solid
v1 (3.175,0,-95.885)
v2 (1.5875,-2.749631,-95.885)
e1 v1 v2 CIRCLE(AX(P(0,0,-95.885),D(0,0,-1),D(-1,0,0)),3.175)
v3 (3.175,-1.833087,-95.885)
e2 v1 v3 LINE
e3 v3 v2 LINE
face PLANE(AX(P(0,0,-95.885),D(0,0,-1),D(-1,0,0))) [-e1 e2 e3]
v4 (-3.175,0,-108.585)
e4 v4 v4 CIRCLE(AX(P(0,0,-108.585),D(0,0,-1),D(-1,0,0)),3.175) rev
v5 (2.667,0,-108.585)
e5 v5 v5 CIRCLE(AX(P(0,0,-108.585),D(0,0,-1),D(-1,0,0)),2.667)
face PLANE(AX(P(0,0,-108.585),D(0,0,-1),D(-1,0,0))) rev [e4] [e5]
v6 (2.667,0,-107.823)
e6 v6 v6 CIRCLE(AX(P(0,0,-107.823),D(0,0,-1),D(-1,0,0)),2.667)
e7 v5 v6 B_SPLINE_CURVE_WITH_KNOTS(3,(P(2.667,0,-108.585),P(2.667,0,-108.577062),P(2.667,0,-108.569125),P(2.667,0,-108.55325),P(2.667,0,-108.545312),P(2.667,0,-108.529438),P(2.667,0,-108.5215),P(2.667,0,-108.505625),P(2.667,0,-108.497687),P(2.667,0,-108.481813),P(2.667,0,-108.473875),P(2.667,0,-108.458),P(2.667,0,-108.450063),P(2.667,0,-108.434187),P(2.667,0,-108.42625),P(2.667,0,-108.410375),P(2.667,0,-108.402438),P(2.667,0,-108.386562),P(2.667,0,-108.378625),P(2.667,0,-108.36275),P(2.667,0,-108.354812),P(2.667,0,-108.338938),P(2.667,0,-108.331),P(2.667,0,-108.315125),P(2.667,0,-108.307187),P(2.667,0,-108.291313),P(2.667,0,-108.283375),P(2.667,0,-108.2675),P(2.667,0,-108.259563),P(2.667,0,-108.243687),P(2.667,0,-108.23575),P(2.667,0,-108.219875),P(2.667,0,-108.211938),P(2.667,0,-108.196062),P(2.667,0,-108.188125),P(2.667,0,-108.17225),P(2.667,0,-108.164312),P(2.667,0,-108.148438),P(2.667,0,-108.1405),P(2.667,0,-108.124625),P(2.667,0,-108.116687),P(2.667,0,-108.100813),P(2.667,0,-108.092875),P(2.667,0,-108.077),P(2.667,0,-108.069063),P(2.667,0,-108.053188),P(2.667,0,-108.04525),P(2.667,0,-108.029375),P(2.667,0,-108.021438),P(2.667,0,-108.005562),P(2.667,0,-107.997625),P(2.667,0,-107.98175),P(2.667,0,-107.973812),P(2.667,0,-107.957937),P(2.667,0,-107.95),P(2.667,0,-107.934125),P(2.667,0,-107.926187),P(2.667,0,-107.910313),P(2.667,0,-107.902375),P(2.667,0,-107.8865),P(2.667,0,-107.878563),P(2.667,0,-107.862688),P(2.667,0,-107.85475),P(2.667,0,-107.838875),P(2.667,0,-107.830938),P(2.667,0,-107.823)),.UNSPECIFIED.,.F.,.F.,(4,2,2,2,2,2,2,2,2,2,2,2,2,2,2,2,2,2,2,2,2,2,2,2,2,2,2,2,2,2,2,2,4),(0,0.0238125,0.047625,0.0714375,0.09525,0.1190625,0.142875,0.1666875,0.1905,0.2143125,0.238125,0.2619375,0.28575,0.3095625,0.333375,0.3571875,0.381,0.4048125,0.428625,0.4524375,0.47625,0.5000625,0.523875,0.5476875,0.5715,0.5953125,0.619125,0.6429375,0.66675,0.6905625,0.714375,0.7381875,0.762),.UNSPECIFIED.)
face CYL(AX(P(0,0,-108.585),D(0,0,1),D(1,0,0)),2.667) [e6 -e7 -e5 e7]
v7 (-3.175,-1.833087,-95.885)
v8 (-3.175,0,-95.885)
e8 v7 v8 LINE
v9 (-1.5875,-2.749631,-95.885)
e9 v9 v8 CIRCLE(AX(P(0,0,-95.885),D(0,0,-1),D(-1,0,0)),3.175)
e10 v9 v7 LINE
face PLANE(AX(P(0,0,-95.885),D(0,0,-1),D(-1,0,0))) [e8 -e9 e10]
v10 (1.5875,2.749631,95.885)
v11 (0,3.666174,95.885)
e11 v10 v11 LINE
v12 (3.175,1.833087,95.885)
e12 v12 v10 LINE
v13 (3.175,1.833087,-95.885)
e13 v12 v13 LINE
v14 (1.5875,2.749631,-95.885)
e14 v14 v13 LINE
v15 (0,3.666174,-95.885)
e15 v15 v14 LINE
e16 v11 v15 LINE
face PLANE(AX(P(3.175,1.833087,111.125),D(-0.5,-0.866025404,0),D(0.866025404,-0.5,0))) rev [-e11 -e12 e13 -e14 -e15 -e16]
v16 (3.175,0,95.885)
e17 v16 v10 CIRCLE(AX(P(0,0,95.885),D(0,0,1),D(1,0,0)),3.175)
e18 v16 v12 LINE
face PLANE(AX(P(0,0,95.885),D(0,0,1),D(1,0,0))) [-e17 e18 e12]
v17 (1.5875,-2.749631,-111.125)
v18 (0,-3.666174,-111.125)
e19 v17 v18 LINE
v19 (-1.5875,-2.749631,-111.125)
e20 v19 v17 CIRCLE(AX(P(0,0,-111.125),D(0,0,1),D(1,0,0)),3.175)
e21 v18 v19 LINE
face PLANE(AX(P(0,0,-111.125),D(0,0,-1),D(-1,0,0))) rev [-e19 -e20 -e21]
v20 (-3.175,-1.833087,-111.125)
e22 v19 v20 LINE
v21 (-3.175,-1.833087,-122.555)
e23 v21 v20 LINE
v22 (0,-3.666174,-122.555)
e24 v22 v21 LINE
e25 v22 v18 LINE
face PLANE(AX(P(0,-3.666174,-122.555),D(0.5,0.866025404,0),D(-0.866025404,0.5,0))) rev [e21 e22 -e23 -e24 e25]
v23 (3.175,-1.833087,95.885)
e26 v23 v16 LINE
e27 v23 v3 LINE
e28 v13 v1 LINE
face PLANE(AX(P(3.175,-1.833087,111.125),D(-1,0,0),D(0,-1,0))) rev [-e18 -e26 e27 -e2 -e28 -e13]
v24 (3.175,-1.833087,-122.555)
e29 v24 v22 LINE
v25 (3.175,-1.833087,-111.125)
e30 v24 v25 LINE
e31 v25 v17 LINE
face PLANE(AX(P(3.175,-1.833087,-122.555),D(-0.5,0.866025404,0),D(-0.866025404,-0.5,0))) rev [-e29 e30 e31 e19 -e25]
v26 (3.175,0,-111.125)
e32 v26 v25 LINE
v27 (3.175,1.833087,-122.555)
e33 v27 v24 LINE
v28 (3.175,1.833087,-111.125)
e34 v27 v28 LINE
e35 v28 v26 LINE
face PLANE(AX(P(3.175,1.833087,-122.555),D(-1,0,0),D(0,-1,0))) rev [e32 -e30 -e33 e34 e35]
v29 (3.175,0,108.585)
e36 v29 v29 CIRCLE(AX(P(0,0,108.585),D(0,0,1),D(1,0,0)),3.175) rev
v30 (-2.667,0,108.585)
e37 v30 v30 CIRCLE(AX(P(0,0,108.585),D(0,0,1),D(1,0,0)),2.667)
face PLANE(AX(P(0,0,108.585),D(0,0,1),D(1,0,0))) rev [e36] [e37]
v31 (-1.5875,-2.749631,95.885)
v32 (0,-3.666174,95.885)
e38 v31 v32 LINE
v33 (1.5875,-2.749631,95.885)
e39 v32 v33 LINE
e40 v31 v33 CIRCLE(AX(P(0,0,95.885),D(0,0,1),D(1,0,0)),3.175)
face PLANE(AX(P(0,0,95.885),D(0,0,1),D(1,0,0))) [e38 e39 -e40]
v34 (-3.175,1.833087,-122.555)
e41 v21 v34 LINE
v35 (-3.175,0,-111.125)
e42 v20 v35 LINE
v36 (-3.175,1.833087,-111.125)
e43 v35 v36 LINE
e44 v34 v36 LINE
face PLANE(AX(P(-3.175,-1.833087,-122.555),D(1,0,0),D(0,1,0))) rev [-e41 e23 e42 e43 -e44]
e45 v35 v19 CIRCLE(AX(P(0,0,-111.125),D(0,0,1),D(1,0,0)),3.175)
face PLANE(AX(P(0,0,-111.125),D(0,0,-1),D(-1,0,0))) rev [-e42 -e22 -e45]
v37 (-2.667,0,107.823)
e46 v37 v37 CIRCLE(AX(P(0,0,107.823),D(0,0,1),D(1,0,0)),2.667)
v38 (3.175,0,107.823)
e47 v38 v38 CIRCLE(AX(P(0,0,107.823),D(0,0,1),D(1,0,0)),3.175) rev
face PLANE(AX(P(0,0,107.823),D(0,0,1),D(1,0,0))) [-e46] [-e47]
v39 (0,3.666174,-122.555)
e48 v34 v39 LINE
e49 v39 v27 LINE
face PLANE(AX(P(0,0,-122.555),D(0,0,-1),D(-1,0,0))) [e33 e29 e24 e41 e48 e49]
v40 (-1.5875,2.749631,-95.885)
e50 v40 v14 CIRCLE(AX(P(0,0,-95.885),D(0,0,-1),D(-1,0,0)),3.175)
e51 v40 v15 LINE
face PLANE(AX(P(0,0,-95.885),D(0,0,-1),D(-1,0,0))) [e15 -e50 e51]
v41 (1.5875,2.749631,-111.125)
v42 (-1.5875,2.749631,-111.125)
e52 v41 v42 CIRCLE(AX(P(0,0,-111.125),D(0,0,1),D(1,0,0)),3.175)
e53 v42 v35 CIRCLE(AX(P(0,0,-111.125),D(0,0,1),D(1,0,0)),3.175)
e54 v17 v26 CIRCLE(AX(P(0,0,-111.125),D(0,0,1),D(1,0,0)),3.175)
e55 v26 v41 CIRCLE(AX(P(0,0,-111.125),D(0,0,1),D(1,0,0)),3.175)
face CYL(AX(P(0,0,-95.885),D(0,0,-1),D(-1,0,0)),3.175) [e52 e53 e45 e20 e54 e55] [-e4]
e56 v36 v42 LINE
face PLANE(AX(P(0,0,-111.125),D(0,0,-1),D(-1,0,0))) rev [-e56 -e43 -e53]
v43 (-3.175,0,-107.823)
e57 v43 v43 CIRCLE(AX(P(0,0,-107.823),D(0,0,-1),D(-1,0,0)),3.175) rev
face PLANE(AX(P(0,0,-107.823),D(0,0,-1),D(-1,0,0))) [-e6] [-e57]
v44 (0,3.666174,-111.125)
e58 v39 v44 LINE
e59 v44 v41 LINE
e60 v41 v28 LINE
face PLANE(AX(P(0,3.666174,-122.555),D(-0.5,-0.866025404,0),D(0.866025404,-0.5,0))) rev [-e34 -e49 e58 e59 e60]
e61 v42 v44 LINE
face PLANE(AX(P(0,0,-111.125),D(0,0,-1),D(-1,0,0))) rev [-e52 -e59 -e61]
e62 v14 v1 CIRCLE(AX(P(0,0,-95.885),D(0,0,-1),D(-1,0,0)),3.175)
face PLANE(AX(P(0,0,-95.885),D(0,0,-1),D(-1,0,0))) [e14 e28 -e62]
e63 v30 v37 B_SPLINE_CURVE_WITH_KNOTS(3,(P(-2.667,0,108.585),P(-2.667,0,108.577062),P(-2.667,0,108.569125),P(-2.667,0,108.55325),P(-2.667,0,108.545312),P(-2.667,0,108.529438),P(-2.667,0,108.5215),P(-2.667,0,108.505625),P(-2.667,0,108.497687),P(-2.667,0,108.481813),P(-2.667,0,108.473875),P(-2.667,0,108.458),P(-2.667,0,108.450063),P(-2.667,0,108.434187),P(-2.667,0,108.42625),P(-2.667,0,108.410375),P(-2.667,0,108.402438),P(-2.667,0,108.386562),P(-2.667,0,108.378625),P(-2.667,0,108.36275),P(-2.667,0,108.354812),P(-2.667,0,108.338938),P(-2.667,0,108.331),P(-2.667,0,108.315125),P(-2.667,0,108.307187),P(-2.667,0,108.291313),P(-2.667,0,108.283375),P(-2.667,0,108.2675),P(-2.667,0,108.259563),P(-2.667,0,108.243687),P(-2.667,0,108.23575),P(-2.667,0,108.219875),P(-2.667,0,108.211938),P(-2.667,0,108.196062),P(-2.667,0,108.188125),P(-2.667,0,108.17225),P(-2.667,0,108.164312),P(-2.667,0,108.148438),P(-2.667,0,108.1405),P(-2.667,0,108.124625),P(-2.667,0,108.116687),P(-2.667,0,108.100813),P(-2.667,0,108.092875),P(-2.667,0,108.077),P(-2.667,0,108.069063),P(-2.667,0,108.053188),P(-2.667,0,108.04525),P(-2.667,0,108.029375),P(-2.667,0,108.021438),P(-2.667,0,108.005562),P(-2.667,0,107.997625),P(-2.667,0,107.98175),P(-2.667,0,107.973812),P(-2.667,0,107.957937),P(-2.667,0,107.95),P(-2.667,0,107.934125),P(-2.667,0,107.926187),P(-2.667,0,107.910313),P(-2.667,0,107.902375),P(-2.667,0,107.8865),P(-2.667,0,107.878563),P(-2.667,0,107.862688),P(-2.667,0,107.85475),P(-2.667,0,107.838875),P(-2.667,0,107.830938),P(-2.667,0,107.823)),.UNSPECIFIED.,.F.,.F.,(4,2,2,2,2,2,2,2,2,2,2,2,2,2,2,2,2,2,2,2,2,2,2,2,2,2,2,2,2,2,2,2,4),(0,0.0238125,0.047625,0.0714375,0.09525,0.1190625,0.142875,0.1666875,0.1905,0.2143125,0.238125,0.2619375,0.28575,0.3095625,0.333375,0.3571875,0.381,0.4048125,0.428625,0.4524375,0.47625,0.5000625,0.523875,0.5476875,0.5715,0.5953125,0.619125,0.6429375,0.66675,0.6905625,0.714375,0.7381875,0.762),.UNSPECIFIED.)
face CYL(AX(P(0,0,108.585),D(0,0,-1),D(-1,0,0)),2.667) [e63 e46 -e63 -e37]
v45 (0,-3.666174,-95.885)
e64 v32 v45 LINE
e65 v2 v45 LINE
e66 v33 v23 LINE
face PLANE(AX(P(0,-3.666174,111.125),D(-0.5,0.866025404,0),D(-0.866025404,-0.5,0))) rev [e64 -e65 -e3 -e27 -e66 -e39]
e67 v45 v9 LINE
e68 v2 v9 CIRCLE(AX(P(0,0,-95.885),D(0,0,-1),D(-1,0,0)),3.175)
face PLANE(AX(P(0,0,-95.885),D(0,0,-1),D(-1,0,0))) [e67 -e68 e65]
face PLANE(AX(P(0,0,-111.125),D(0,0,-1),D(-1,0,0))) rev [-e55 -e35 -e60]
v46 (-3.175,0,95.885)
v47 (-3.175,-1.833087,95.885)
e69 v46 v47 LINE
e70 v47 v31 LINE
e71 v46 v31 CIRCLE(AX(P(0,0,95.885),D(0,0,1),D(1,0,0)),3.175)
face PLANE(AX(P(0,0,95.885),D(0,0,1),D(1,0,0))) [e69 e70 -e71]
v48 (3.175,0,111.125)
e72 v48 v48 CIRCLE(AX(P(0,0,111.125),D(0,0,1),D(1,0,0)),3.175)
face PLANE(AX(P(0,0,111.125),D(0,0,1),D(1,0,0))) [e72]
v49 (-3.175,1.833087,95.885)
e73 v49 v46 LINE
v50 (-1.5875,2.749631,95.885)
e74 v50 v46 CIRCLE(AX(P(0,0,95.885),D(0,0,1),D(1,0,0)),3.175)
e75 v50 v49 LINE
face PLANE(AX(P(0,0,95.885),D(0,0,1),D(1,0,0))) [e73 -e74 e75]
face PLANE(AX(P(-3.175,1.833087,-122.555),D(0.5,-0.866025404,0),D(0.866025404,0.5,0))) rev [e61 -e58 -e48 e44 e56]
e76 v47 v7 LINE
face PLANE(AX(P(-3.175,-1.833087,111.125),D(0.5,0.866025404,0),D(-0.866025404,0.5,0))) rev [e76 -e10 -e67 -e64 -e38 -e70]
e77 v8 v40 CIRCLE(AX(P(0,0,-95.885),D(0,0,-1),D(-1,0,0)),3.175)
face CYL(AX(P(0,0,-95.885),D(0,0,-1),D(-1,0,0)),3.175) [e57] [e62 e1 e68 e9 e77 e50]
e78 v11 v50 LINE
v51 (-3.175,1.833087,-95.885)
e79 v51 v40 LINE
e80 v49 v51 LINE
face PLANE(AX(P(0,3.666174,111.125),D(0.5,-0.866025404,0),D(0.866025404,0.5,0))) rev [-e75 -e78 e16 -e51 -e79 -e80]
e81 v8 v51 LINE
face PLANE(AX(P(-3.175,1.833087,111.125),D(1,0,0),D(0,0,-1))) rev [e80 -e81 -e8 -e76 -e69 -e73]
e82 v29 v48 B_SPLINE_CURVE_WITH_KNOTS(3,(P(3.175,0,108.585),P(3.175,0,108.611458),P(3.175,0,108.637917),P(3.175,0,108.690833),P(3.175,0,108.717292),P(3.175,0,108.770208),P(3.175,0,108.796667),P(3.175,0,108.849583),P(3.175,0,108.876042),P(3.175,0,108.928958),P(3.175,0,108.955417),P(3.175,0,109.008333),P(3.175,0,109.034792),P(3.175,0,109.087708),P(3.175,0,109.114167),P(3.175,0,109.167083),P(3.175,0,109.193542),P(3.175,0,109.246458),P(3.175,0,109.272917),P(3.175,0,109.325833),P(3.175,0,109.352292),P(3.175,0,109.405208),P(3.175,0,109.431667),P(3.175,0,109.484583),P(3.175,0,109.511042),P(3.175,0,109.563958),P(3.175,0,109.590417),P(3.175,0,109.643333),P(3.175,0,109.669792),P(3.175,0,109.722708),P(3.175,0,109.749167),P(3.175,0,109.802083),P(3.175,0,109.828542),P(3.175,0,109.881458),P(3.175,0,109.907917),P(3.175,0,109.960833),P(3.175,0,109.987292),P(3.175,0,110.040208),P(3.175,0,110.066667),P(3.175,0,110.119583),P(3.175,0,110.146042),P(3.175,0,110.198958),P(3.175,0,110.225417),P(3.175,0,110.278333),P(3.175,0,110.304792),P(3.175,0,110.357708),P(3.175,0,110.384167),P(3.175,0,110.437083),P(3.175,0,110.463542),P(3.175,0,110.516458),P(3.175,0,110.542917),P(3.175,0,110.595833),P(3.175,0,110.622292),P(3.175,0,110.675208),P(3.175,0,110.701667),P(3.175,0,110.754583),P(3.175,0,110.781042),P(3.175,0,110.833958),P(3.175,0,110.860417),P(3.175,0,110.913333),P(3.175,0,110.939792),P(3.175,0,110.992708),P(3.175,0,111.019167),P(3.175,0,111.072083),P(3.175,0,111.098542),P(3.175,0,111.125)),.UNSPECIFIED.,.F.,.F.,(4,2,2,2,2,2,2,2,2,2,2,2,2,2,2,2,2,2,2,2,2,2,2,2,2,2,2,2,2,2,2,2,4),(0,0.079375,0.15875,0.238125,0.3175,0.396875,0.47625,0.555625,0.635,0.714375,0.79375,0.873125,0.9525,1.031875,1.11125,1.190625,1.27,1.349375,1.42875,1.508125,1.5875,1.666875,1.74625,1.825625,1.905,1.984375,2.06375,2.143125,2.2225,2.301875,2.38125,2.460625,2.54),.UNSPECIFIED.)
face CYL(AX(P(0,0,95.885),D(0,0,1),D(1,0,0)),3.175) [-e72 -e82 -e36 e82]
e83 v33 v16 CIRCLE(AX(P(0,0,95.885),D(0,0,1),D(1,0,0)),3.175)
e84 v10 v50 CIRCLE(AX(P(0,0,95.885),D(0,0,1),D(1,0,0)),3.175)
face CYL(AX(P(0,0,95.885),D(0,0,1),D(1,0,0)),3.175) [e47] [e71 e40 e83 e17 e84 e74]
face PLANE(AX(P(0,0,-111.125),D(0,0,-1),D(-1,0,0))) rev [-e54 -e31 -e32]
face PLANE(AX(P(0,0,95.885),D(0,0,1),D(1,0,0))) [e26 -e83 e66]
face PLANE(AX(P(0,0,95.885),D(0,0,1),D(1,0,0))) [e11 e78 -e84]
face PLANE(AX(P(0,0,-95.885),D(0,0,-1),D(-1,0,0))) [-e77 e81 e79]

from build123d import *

# Parameters (mm, degrees)
BOSS_EXTRUDE2_DEPTH      = 111.125
BOSS_EXTRUDE2_DEPTH_BACK = 111.125
SKETCH4_OUTSIDE_W        = 52.842
SKETCH4_OUTSIDE_H        = 53.824
SKETCH4_OUTSIDE_R        = 3.175
CUT_EXTRUDE1_DEPTH       = 15.24
SKETCH5_OUTSIDE_W        = 52.842
SKETCH5_OUTSIDE_H        = 53.824
SKETCH5_OUTSIDE_R        = 3.175
CUT_EXTRUDE4_DEPTH       = 15.24
SKETCH7_OUTSIDE_W        = 52.842
SKETCH7_OUTSIDE_H        = 53.824
SKETCH7_OUTSIDE_R        = 2.667
CUT_EXTRUDE8_DEPTH       = 0.762
SKETCH8_OUTSIDE_W        = 52.842
SKETCH8_OUTSIDE_H        = 53.824
SKETCH8_OUTSIDE_R        = 2.667
CUT_EXTRUDE9_DEPTH       = 0.762
BOSS_EXTRUDE4_DEPTH      = 11.43


with BuildPart() as part:
    # Sketch3 → Boss-Extrude2 (new, two sides: drawn at the far end of the back side and taken through both)
    with BuildSketch(Plane.XY.offset(-BOSS_EXTRUDE2_DEPTH_BACK)):
        Polygon((0, 3.666174209), (-3.175, 1.833087105), (-3.175, -1.833087105), (0, -3.666174209), (3.175, -1.833087105), (3.175, 1.833087105), align=None)
    extrude(amount=BOSS_EXTRUDE2_DEPTH + BOSS_EXTRUDE2_DEPTH_BACK)

    # Sketch4 outside → Cut-Extrude1 (cut)
    with BuildSketch(Plane.XY.offset(111.125)):
        Rectangle(SKETCH4_OUTSIDE_W, SKETCH4_OUTSIDE_H)
        Circle(SKETCH4_OUTSIDE_R, mode=Mode.SUBTRACT)
    extrude(amount=-CUT_EXTRUDE1_DEPTH, mode=Mode.SUBTRACT)

    # Sketch5 outside → Cut-Extrude4 (cut)
    with BuildSketch(Plane(origin=(0, 0, -111.125), x_dir=(-1, 0, 0), z_dir=(0, 0, -1))):
        Rectangle(SKETCH5_OUTSIDE_W, SKETCH5_OUTSIDE_H)
        with Locations(Location((0, 0, 0), (0, 0, 180))):
            Circle(SKETCH5_OUTSIDE_R, mode=Mode.SUBTRACT)
    extrude(amount=-CUT_EXTRUDE4_DEPTH, mode=Mode.SUBTRACT)

    # Sketch7 outside → Cut-Extrude8 (cut)
    with BuildSketch(Plane(origin=(0, 0, -107.823), x_dir=(-1, 0, 0), z_dir=(0, 0, -1))):
        Rectangle(SKETCH7_OUTSIDE_W, SKETCH7_OUTSIDE_H)
        with Locations(Location((0, 0, 0), (0, 0, 180))):
            Circle(SKETCH7_OUTSIDE_R, mode=Mode.SUBTRACT)
    extrude(amount=CUT_EXTRUDE8_DEPTH, mode=Mode.SUBTRACT)

    # Sketch8 outside → Cut-Extrude9 (cut)
    with BuildSketch(Plane.XY.offset(107.823)):
        Rectangle(SKETCH8_OUTSIDE_W, SKETCH8_OUTSIDE_H)
        Circle(SKETCH8_OUTSIDE_R, mode=Mode.SUBTRACT)
    extrude(amount=CUT_EXTRUDE9_DEPTH, mode=Mode.SUBTRACT)

    # Sketch13 → Boss-Extrude4 (add)
    with BuildSketch(Plane(origin=(0, 0, -111.125), x_dir=(-1, 0, 0), z_dir=(0, 0, -1))):
        Polygon((0, 3.666174278), (-3.175000059, 1.833087139), (-3.175000059, -1.833087139), (0, -3.666174278), (3.175000059, -1.833087139), (3.175000059, 1.833087139), align=None)
    extrude(amount=BOSS_EXTRUDE4_DEPTH)


solid = part.part
